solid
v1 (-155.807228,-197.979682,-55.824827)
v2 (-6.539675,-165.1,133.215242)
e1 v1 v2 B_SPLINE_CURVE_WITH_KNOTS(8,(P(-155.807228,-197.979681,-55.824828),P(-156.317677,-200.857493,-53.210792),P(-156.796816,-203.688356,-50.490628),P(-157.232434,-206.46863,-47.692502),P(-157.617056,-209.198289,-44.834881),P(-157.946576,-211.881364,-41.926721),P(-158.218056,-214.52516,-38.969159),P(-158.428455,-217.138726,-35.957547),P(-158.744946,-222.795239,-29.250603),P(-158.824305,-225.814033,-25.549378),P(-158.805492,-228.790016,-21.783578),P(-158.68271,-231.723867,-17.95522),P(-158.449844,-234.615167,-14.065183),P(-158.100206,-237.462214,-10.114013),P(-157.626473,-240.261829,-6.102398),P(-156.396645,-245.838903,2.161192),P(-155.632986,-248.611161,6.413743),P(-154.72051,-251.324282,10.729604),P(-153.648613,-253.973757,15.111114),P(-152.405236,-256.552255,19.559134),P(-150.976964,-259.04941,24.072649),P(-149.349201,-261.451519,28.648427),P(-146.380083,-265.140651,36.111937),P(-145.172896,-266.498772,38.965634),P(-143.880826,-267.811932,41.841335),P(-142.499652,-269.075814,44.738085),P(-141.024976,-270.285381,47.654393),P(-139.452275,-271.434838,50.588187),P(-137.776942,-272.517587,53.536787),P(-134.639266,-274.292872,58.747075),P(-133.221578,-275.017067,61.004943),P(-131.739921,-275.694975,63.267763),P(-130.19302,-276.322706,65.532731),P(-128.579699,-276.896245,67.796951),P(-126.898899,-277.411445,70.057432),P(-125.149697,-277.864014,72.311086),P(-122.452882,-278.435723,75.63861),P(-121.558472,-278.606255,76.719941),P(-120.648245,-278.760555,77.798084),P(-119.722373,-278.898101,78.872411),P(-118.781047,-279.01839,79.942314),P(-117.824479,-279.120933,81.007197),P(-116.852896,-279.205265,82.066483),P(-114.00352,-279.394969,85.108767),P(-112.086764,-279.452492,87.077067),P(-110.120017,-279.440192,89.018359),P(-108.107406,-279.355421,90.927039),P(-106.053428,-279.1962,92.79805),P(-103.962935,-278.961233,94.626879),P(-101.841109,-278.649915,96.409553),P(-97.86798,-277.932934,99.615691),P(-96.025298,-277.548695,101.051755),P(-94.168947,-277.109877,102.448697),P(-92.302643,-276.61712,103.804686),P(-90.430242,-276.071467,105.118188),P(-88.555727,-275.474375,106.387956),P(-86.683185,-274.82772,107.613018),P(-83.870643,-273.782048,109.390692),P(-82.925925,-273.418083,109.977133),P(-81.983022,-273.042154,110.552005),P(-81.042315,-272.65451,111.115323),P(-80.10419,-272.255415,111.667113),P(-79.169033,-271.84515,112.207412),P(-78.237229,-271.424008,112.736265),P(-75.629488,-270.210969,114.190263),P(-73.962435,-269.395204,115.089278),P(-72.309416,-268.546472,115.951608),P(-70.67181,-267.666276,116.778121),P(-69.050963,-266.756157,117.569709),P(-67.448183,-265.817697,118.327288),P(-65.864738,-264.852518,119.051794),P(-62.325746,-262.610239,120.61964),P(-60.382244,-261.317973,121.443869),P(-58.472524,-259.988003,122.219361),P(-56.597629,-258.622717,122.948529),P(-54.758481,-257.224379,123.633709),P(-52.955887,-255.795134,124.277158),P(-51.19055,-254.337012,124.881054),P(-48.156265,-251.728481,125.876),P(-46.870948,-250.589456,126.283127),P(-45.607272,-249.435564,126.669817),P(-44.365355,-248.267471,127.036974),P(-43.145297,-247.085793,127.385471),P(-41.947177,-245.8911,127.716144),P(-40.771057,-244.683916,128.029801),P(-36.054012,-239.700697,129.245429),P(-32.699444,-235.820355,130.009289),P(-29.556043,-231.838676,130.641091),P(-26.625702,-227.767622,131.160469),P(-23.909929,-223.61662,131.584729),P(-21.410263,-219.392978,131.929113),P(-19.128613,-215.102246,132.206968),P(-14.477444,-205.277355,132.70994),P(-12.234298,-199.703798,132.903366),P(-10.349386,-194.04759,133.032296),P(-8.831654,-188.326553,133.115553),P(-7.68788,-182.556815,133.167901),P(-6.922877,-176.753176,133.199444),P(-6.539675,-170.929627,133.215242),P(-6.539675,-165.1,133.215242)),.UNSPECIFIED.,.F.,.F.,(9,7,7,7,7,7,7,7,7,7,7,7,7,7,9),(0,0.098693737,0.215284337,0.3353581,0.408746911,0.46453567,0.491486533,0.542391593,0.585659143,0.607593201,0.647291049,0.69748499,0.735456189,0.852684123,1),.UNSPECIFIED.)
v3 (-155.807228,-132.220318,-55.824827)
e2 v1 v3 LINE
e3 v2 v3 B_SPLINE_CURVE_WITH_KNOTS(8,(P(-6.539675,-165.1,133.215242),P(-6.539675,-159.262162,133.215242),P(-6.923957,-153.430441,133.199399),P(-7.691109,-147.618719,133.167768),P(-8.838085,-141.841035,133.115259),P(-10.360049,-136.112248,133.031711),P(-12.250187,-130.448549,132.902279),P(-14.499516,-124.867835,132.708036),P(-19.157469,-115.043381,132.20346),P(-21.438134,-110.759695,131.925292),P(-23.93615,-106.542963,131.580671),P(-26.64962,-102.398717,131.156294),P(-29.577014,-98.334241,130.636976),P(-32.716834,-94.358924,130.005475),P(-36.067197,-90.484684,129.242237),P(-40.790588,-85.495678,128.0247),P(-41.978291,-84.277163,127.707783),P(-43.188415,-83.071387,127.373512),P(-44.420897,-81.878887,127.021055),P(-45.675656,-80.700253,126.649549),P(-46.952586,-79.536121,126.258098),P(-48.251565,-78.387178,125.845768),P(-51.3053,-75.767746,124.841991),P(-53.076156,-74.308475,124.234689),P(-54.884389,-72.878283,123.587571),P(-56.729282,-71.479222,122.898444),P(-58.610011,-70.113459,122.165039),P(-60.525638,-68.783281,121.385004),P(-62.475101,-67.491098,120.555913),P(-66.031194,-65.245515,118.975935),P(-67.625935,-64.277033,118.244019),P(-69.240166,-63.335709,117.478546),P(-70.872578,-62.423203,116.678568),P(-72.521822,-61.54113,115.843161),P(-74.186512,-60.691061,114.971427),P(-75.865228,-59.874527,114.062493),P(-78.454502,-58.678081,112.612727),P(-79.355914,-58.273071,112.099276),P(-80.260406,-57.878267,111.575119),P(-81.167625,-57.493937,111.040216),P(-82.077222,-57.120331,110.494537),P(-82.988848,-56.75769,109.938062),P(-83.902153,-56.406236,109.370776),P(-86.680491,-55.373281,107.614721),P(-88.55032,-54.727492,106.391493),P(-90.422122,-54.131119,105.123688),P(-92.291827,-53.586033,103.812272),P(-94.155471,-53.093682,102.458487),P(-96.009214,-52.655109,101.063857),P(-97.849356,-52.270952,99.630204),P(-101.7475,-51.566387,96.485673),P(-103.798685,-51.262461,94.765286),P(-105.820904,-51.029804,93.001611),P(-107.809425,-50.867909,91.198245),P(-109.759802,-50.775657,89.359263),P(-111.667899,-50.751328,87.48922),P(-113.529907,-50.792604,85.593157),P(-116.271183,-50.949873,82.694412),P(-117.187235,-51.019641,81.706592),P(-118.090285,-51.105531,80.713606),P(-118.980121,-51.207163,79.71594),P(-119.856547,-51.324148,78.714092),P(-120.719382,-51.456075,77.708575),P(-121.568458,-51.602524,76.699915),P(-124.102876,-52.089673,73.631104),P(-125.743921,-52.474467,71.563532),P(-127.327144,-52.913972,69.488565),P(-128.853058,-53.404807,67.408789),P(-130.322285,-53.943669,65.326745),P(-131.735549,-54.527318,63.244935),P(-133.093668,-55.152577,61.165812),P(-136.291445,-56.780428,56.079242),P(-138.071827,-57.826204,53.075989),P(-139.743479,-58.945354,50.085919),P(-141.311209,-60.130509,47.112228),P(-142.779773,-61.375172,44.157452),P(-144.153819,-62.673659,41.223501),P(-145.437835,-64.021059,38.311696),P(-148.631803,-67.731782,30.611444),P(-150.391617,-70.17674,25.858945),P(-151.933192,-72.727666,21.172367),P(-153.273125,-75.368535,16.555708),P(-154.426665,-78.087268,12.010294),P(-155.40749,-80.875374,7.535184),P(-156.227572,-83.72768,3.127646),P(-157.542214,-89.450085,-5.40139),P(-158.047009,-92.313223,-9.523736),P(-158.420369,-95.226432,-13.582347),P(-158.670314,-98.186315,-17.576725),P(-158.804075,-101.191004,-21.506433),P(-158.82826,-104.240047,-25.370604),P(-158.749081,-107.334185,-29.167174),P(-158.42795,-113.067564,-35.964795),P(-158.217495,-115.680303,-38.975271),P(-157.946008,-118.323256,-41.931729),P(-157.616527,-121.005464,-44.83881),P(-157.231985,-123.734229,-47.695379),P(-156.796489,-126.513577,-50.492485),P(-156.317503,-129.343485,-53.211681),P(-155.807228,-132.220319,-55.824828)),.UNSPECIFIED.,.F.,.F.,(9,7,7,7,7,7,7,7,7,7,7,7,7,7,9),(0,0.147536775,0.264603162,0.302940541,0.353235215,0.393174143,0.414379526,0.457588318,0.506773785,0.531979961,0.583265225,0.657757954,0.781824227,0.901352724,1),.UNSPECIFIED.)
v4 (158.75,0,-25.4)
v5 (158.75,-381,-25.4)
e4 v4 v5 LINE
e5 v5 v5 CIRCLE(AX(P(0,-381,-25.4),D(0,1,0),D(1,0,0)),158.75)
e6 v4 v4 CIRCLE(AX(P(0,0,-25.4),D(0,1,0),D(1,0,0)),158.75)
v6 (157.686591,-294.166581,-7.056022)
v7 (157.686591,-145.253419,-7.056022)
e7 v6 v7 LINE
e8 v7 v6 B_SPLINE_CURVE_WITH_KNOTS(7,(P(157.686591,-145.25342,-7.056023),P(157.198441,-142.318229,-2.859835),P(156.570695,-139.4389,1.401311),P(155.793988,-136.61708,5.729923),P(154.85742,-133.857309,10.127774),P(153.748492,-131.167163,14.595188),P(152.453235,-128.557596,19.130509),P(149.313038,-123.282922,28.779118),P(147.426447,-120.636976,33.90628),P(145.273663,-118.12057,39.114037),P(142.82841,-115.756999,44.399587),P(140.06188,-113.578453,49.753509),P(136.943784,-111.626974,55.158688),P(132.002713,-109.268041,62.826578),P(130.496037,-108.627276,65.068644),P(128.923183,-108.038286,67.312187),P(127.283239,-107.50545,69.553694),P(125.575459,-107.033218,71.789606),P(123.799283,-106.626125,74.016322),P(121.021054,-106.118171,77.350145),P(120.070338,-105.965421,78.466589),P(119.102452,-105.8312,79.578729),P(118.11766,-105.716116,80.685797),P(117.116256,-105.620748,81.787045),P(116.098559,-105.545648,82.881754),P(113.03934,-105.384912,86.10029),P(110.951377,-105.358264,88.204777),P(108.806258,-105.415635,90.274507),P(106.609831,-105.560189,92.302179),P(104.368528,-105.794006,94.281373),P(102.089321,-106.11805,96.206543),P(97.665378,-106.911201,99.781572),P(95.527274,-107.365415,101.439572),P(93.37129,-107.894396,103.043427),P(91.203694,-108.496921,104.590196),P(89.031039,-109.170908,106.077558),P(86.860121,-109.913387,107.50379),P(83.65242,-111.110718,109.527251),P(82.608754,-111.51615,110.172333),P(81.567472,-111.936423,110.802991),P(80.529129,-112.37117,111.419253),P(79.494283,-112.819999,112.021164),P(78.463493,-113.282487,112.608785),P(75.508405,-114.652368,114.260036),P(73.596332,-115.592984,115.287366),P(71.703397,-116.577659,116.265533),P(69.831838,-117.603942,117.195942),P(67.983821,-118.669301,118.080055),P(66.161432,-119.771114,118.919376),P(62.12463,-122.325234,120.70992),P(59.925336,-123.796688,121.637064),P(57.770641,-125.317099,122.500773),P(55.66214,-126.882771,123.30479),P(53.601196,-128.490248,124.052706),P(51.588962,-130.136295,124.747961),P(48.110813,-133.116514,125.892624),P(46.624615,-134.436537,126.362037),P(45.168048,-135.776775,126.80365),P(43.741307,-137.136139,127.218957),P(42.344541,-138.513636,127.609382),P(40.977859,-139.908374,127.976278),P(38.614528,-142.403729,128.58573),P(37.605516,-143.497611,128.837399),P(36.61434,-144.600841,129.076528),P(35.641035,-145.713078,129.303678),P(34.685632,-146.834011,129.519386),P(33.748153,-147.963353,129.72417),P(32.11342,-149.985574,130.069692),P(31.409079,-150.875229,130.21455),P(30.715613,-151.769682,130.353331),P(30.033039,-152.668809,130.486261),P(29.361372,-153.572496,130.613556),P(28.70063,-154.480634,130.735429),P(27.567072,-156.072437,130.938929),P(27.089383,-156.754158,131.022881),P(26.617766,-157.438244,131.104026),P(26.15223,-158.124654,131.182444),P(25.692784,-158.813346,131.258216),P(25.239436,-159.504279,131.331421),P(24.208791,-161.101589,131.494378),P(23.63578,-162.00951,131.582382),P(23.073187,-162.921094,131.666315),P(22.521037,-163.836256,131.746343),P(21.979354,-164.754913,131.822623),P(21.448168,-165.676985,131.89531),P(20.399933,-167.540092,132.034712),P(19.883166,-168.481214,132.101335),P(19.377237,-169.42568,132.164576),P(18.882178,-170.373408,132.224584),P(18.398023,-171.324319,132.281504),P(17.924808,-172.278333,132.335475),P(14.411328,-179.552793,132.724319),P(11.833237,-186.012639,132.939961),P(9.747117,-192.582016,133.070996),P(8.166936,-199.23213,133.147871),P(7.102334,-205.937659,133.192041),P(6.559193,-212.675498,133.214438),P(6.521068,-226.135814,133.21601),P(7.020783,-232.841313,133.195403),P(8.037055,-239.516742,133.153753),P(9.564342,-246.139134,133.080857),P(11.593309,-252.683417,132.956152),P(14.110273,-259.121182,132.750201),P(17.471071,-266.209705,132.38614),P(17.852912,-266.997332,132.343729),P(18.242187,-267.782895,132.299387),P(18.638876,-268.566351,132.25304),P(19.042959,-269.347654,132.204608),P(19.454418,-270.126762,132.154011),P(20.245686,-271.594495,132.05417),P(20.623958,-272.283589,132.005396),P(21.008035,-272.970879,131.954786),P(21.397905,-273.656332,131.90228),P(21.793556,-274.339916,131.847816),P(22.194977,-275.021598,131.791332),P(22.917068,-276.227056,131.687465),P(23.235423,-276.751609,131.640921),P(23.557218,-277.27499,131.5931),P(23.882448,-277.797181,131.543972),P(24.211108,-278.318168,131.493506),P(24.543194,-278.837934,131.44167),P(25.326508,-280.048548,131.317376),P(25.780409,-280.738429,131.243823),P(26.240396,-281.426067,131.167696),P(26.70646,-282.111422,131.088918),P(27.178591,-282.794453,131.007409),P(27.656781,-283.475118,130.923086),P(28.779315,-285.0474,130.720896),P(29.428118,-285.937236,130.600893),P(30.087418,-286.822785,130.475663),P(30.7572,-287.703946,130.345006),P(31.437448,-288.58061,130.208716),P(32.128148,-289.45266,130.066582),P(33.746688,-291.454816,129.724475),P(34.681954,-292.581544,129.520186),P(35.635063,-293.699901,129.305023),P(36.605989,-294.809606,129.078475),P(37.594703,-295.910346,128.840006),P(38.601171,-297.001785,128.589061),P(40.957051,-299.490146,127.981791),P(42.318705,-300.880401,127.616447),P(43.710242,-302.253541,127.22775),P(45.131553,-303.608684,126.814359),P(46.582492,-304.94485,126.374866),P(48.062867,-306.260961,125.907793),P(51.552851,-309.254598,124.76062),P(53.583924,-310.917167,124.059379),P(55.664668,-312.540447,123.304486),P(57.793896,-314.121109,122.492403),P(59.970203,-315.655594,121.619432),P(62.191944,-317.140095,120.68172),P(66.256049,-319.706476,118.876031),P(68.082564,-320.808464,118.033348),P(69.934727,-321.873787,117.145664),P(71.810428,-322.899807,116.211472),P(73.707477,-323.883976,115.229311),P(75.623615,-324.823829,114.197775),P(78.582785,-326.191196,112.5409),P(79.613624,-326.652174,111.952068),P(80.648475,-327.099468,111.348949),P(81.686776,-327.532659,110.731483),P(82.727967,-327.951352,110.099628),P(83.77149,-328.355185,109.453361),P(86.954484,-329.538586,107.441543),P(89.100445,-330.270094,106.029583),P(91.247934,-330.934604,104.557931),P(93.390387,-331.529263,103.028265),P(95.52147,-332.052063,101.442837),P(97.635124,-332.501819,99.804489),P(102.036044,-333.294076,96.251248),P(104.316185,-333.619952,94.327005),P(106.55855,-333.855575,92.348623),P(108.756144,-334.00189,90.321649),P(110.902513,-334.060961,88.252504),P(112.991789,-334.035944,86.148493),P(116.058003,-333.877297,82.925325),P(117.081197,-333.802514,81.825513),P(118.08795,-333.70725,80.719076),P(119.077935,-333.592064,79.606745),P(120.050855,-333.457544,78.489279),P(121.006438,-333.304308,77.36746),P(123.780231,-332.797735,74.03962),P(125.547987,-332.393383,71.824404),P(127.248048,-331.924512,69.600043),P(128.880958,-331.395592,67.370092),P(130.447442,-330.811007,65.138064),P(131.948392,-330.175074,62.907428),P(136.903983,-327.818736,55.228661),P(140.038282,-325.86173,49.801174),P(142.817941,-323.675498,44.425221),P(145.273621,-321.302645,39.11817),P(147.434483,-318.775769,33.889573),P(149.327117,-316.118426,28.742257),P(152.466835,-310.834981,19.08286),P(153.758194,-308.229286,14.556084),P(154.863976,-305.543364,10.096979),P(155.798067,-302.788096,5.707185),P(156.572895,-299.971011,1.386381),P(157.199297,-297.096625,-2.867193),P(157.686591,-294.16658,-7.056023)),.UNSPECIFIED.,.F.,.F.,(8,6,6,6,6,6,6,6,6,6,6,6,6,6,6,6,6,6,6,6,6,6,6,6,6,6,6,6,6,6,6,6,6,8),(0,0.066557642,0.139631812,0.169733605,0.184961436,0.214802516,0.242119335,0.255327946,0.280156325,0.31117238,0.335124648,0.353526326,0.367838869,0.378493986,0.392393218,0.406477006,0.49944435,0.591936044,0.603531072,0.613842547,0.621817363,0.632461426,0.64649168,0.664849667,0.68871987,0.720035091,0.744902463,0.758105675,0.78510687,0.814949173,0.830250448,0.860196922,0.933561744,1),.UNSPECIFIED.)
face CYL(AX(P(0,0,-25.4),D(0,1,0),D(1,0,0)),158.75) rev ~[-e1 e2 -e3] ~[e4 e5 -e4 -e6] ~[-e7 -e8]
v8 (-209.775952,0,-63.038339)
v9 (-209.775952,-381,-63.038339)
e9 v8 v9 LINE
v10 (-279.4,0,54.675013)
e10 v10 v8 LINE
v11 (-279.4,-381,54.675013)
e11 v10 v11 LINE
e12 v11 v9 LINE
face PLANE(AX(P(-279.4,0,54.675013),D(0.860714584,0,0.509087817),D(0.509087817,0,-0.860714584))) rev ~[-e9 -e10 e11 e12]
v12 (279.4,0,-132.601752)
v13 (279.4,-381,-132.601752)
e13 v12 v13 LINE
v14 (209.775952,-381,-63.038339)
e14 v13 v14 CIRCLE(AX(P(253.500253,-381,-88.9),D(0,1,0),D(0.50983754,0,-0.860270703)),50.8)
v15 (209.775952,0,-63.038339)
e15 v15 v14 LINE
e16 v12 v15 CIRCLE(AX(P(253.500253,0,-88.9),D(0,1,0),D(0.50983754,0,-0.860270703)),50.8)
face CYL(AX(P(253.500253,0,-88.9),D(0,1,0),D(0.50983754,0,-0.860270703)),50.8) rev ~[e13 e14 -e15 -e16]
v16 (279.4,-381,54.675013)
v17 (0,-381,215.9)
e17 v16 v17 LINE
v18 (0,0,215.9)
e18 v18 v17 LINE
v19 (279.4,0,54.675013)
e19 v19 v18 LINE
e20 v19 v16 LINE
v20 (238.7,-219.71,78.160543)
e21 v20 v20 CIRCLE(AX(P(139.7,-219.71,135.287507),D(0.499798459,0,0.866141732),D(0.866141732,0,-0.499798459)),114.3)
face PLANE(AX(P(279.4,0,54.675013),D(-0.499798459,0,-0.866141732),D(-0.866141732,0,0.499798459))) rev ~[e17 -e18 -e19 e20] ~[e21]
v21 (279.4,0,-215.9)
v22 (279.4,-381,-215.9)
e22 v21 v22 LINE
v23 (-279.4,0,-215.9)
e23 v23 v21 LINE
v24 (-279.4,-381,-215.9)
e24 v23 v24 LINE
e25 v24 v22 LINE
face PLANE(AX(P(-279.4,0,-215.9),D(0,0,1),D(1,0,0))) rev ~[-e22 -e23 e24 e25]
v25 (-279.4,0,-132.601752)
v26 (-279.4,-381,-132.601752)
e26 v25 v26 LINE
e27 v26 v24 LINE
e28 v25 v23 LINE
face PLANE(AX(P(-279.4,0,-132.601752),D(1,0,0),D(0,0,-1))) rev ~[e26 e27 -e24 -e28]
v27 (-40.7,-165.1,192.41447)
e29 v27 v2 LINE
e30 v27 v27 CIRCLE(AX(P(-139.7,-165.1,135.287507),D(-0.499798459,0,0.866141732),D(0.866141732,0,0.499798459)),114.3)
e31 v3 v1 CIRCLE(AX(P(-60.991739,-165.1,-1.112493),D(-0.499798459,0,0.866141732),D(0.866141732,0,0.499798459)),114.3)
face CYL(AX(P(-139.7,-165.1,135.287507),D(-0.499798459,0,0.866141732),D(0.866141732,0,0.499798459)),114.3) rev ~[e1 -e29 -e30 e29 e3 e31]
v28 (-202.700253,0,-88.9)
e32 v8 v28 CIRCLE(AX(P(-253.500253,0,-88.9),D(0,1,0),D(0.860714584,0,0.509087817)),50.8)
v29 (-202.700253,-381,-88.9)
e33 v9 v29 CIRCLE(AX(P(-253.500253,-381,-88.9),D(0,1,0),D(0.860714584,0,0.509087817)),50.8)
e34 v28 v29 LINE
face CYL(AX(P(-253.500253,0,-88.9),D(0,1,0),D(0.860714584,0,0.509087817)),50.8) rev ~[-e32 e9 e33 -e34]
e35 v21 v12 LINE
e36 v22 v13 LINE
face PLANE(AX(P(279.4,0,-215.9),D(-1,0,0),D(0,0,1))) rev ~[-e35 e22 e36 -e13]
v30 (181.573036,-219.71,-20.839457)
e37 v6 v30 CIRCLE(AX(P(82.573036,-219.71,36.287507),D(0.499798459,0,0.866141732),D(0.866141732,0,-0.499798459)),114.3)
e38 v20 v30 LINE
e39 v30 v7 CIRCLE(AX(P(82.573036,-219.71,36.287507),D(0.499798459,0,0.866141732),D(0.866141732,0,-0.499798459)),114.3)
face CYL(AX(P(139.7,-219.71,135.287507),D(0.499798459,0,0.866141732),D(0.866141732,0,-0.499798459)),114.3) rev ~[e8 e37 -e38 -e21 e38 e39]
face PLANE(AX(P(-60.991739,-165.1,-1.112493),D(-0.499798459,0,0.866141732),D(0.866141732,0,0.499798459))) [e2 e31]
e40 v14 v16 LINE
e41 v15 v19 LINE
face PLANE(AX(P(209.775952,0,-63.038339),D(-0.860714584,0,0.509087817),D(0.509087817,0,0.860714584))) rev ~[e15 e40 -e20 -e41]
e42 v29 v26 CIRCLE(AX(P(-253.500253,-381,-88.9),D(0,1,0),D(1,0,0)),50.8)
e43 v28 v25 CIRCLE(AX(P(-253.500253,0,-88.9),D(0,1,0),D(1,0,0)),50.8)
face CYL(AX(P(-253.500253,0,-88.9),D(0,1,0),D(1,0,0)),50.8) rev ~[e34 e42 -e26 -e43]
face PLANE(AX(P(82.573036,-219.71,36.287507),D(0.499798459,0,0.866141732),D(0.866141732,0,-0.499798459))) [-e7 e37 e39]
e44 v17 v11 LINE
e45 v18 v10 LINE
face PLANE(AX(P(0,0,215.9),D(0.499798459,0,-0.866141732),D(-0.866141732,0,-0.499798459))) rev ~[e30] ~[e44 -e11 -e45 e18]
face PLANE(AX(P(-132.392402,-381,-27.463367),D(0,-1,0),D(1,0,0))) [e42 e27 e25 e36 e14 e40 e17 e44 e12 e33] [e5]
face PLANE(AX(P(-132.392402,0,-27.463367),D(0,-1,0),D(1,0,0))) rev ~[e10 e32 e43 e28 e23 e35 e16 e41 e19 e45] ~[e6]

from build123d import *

# Parameters (mm, degrees)
F1_DEPTH = 381
F2_R     = 114.3
F3_DEPTH = 114.3
F4_R     = 114.3
F5_DEPTH = 157.48


with BuildPart() as f1:
    # F0 (on Front) → F1 (new body)
    with BuildSketch(Plane.XZ):
        with BuildLine():
            Line((-253.5002529621, -215.9), (0, -215.9))
            Line((0, -215.9), (0, -184.15))
            ThreePointArc((0, -184.15), (-158.75, -25.4), (0, 133.35))
            Line((0, 133.35), (0, 215.9))
            Line((0, 215.9), (-279.4, 54.6750131028))
            Line((-279.4, 54.6750131028), (-209.7759521092, -63.0383388986))
            ThreePointArc((-209.7759521092, -63.0383388986), (-204.5010974422, -75.4939283033), (-202.7002529621, -88.9))
            ThreePointArc((-202.7002529621, -88.9), (-217.5792284778, -124.8210244843), (-253.5002529621, -139.7))
            Line((-253.5002529621, -139.7), (-253.5002529621, -215.9))
        make_face()
        with BuildLine():
            Line((-279.4, -215.9), (-253.5002529621, -215.9))
            Line((-253.5002529621, -215.9), (-253.5002529621, -139.7))
            ThreePointArc((-253.5002529621, -139.7), (-266.9276691811, -137.8933107034), (-279.4, -132.6017517197))
            Line((-279.4, -132.6017517197), (-279.4, -215.9))
        make_face()
        with BuildLine():
            Line((0, -215.9), (279.4, -215.9))
            Line((279.4, -215.9), (279.4, -182.111337781))
            Line((279.4, -182.111337781), (279.4, -132.6017517197))
            ThreePointArc((279.4, -132.6017517197), (217.5948803765, -124.8366695659), (209.7759521092, -63.0383388986))
            Line((209.7759521092, -63.0383388986), (279.4, 54.6750131028))
            Line((279.4, 54.6750131028), (0, 215.9))
            Line((0, 215.9), (0, 133.35))
            ThreePointArc((0, 133.35), (112.2532015134, 86.8532015134), (158.75, -25.4))
            ThreePointArc((158.75, -25.4), (112.2532015134, -137.6532015134), (0, -184.15))
            Line((0, -184.15), (0, -215.9))
        make_face()
    extrude(amount=F1_DEPTH)

    # F2 (on face) → F3 (cut)
    with BuildSketch(Plane(origin=(93.4623118289, 0, 161.968503937), x_dir=(0.8661417323, 0, -0.499798459), z_dir=(0.499798459, 0, 0.8661417323))):
        with Locations((53.3835127066, -219.71)):
            Circle(F2_R)
    extrude(amount=-F3_DEPTH, mode=Mode.SUBTRACT)

    # F4 (on face) → F5 (cut)
    with BuildSketch(Plane(origin=(-93.4623118289, 0, 161.968503937), x_dir=(0.8661417323, 0, 0.499798459), z_dir=(-0.499798459, 0, 0.8661417323))):
        with Locations((-53.3835127066, -165.1)):
            Circle(F4_R)
    extrude(amount=-F5_DEPTH, mode=Mode.SUBTRACT)


solid = f1.part
